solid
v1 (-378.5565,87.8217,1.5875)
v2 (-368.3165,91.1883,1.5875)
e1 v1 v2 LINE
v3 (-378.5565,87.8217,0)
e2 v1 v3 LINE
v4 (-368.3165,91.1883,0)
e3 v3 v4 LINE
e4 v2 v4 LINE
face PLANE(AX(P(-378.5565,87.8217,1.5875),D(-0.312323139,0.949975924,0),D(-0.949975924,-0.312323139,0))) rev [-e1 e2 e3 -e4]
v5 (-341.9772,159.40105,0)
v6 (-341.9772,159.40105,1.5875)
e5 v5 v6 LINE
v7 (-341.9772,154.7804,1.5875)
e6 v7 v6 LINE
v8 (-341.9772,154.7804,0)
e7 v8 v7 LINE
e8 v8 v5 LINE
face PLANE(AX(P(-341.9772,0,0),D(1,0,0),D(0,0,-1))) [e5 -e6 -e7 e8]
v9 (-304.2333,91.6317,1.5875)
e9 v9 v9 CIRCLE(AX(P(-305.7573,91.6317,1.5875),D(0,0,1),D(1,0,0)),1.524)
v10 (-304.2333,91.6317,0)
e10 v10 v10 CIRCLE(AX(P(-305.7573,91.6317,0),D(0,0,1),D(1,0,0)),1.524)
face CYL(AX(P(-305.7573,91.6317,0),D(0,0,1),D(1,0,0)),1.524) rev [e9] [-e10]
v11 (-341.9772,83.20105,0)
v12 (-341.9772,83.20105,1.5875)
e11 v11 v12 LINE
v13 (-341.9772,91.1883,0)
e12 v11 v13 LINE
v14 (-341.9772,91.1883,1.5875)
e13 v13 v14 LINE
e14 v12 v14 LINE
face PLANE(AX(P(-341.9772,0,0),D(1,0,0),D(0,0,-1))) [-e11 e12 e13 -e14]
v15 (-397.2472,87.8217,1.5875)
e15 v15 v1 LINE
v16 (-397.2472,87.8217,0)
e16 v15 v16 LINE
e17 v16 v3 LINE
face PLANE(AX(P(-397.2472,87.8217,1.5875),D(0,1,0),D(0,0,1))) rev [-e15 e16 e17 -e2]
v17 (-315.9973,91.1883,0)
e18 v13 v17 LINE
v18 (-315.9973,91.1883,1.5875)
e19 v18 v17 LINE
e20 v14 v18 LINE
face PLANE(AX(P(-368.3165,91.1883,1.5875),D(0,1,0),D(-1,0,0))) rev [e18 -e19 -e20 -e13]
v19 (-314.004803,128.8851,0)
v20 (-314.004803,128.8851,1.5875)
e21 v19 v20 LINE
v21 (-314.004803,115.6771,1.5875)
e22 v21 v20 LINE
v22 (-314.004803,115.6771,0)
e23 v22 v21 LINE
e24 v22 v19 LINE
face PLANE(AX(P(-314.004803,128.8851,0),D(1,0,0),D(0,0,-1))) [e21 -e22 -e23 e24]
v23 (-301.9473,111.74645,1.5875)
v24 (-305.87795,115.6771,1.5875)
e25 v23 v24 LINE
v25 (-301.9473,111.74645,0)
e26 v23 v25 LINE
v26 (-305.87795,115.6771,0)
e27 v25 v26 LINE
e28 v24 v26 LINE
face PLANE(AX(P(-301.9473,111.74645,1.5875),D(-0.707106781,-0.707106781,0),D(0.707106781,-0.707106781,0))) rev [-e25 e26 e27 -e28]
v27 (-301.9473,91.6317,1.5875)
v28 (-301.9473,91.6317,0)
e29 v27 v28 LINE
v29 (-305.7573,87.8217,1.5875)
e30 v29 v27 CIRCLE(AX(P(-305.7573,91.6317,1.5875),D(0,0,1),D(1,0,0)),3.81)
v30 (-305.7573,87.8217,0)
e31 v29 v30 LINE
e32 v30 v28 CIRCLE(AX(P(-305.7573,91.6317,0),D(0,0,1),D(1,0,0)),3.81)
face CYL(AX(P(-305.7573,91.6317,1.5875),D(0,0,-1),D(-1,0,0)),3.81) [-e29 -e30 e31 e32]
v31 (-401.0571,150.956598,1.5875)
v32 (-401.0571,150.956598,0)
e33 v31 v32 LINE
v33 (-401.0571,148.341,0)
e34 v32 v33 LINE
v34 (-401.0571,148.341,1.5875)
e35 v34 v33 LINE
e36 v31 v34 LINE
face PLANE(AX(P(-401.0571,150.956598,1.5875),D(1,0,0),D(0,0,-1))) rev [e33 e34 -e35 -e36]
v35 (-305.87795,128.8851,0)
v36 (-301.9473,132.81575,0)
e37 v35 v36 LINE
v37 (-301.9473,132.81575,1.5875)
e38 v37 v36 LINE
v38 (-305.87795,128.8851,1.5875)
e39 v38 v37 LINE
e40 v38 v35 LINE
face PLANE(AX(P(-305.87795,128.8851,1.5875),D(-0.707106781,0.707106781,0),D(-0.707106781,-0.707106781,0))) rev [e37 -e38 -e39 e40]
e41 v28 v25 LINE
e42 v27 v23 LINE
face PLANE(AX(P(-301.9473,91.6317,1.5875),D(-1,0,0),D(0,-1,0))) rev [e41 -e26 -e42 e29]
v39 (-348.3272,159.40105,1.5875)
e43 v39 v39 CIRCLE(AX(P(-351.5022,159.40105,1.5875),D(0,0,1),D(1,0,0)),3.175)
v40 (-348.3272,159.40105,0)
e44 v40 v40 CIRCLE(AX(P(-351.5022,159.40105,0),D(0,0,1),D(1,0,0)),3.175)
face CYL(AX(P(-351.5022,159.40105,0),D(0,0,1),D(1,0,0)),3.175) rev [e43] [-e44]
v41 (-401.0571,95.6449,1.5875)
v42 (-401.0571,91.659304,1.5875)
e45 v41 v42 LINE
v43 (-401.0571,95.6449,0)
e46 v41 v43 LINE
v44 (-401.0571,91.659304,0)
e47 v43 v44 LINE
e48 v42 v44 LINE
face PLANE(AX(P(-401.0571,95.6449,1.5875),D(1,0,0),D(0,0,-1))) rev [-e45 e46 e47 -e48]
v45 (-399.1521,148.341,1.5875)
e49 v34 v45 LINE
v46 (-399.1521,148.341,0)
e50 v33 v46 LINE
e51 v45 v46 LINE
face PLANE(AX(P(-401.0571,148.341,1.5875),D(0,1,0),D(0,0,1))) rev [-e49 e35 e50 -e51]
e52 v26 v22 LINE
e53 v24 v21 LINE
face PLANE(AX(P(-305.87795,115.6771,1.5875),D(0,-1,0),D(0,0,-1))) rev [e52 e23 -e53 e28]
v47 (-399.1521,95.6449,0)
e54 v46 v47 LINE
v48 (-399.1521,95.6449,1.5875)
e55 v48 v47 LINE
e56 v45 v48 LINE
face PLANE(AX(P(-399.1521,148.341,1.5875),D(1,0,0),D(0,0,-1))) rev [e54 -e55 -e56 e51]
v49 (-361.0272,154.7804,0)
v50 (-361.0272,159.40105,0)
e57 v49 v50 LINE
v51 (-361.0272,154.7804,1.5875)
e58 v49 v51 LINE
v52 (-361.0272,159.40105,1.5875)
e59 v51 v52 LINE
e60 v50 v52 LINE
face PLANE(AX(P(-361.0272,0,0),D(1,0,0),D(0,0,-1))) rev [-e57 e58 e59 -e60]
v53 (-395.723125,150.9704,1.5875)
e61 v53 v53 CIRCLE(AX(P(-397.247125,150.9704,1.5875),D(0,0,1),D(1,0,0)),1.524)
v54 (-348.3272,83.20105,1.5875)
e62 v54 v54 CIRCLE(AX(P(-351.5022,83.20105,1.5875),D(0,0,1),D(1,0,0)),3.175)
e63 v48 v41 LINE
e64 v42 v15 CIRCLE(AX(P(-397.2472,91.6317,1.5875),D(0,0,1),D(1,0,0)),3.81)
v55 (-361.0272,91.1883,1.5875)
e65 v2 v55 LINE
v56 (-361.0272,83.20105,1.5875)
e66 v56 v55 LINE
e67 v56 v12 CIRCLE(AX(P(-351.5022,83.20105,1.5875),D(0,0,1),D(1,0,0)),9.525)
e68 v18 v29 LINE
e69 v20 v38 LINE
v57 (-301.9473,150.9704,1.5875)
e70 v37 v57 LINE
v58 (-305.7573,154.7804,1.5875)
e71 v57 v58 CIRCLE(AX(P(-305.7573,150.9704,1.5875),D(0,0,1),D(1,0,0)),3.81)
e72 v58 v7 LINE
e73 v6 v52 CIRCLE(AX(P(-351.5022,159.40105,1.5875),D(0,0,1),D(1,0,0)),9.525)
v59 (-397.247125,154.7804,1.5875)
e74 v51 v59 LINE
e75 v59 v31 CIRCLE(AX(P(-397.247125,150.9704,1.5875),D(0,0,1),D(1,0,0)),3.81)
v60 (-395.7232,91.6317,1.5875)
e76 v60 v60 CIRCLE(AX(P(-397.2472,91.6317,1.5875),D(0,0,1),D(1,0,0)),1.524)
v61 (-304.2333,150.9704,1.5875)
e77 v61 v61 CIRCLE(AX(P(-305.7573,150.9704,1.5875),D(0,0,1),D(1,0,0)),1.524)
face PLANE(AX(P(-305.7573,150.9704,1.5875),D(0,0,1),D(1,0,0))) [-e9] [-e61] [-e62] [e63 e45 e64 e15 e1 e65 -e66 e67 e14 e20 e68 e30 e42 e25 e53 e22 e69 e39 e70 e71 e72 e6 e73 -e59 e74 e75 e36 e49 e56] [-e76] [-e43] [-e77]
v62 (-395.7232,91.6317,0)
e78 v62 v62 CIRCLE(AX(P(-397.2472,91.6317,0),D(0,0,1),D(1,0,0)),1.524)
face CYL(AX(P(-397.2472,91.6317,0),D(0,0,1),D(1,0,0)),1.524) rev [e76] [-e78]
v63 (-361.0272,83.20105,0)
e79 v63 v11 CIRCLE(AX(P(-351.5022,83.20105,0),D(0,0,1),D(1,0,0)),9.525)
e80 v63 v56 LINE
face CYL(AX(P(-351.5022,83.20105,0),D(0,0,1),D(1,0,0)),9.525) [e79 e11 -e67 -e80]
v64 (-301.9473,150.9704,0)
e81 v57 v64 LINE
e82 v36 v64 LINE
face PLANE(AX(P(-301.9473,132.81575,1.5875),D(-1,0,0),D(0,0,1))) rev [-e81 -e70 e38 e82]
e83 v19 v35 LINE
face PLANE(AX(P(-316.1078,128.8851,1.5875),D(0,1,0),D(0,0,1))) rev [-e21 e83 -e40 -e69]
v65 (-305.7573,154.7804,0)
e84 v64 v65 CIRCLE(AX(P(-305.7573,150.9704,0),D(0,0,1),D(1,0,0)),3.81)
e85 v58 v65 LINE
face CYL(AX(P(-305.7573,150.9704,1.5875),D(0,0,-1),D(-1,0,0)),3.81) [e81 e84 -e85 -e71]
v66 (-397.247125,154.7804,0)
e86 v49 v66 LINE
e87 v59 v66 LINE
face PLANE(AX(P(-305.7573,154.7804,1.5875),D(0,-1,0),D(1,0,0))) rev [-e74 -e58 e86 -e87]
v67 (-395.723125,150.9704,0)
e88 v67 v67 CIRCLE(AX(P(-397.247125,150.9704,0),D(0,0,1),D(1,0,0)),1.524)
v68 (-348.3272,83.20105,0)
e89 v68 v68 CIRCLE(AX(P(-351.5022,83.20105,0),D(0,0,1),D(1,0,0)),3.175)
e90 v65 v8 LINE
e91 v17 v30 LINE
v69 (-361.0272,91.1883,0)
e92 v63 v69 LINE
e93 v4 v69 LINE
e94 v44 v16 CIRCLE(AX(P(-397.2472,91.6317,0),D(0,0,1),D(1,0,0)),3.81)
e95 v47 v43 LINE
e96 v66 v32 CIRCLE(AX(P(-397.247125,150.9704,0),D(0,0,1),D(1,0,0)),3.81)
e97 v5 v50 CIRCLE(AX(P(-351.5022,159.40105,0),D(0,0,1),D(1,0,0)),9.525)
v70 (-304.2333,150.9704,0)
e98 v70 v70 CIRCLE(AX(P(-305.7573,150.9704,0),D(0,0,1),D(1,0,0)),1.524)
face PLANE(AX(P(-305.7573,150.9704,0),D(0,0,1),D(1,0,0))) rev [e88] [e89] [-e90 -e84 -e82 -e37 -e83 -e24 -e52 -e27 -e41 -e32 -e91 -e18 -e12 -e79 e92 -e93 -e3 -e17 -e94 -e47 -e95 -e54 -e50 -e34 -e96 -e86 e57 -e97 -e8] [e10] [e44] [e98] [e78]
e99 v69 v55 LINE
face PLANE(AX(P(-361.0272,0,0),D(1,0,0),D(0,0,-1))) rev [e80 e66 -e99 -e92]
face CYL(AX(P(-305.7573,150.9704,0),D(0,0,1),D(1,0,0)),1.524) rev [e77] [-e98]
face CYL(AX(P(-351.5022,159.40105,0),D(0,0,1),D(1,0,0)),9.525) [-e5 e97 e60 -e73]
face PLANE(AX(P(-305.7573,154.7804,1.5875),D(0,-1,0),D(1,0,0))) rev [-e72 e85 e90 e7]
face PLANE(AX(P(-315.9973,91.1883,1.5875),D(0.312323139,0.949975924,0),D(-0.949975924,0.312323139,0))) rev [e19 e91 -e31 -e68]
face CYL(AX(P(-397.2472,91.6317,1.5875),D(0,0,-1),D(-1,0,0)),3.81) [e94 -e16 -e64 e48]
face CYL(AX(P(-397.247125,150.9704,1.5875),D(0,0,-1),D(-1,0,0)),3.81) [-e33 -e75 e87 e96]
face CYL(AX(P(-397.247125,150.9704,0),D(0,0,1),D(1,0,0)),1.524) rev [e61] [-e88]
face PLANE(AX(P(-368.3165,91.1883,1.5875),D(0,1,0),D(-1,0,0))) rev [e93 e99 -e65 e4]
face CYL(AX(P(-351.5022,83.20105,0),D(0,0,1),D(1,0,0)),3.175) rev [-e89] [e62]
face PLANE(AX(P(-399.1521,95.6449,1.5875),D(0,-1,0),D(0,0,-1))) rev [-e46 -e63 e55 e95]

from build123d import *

# Parameters (mm, degrees)
SKETCH1_R           = 1.355900406
BOSS_EXTRUDE1_DEPTH = 1.5875
SKETCH2_R           = 3.175
BOSS_EXTRUDE2_DEPTH = 1.5875
SKETCH3_R           = 1.524
CUT_EXTRUDE1_DEPTH  = 436.184338179
SKETCH5_W           = 2.10299656
SKETCH5_H           = 13.208
BOSS_EXTRUDE3_DEPTH = 1.5875


with BuildPart() as part:
    # Sketch1 → Boss-Extrude1 (new body)
    with BuildSketch(Plane.XY):
        with BuildLine():
            Line((-301.9473, 111.74645), (-305.87795, 115.6771))
            Line((-305.87795, 115.6771), (-316.1078, 115.6771))
            Line((-316.1078, 115.6771), (-316.1078, 128.8851))
            Line((-316.1078, 128.8851), (-305.87795, 128.8851))
            Line((-305.87795, 128.8851), (-301.9473, 132.81575))
            Line((-301.9473, 132.81575), (-301.9473, 150.9704))
            ThreePointArc((-301.9473, 150.9704), (-303.063223164, 153.664476836), (-305.7573, 154.7804))
            Line((-305.7573, 154.7804), (-397.247125, 154.7804))
            ThreePointArc((-397.247125, 154.7804), (-399.946077222, 153.659592612), (-401.0571, 150.956597849))
            Line((-401.0571, 150.956597849), (-401.0571, 148.341))
            Line((-401.0571, 148.341), (-399.1521, 148.341))
            Line((-399.1521, 148.341), (-399.1521, 95.6449))
            Line((-399.1521, 95.6449), (-401.0571, 95.6449))
            Line((-401.0571, 95.6449), (-401.0571, 91.659304166))
            ThreePointArc((-401.0571, 91.659304166), (-399.951018769, 88.947400452), (-397.2472, 87.8217))
            Line((-397.2472, 87.8217), (-378.5565, 87.8217))
            Line((-378.5565, 87.8217), (-368.3165, 91.1883))
            Line((-368.3165, 91.1883), (-315.9973, 91.1883))
            Line((-315.9973, 91.1883), (-305.7573, 87.8217))
            ThreePointArc((-305.7573, 87.8217), (-303.063223164, 88.937623164), (-301.9473, 91.6317))
            Line((-301.9473, 91.6317), (-301.9473, 111.74645))
        make_face()
        with Locations((-305.7573, 91.6317)):
            Circle(SKETCH1_R, mode=Mode.SUBTRACT)
        with Locations((-305.7573, 150.9704)):
            Circle(SKETCH1_R, mode=Mode.SUBTRACT)
        with Locations((-397.247125, 150.9704)):
            Circle(SKETCH1_R, mode=Mode.SUBTRACT)
        with Locations((-397.2472, 91.6317)):
            Circle(SKETCH1_R, mode=Mode.SUBTRACT)
    extrude(amount=BOSS_EXTRUDE1_DEPTH)

    # Sketch2 → Boss-Extrude2 (add)
    # profile 1 of 2: a face of its own
    with BuildSketch(Plane.XY.offset(1.5875)):
        with BuildLine():
            Line((-361.0272, 159.40105), (-361.0272, 154.7804))
            Line((-361.0272, 154.7804), (-341.9772, 154.7804))
            Line((-341.9772, 154.7804), (-341.9772, 159.40105))
            ThreePointArc((-341.9772, 159.40105), (-351.5022, 168.92605), (-361.0272, 159.40105))
        make_face()
        with Locations((-351.5022, 159.40105)):
            Circle(SKETCH2_R, mode=Mode.SUBTRACT)
    # profile 2 of 2: a face of its own
    with BuildSketch(Plane.XY.offset(1.5875)):
        with BuildLine():
            Line((-341.9772, 91.1883), (-361.0272, 91.1883))
            Line((-361.0272, 91.1883), (-361.0272, 83.20105))
            ThreePointArc((-361.0272, 83.20105), (-351.5022, 73.67605), (-341.9772, 83.20105))
            Line((-341.9772, 83.20105), (-341.9772, 91.1883))
        make_face()
        with Locations((-351.5022, 83.20105)):
            Circle(SKETCH2_R, mode=Mode.SUBTRACT)
    extrude(amount=-BOSS_EXTRUDE2_DEPTH)

    # Sketch3 → Cut-Extrude1 (cut, through all)
    with BuildSketch(Plane.XY.offset(1.5875)):
        with Locations((-397.247125, 150.9704)):
            Circle(SKETCH3_R)
        with Locations((-305.7573, 150.9704)):
            Circle(SKETCH3_R)
        with Locations((-305.7573, 91.6317)):
            Circle(SKETCH3_R)
        with Locations((-397.2472, 91.6317)):
            Circle(SKETCH3_R)
    extrude(amount=-CUT_EXTRUDE1_DEPTH, mode=Mode.SUBTRACT)

    # Sketch5 → Boss-Extrude3 (add)
    with BuildSketch(Plane.XY.offset(1.5875)):
        with Locations((-315.05630172, 122.2811)):
            Rectangle(SKETCH5_W, SKETCH5_H)
    extrude(amount=-BOSS_EXTRUDE3_DEPTH)


solid = part.part
